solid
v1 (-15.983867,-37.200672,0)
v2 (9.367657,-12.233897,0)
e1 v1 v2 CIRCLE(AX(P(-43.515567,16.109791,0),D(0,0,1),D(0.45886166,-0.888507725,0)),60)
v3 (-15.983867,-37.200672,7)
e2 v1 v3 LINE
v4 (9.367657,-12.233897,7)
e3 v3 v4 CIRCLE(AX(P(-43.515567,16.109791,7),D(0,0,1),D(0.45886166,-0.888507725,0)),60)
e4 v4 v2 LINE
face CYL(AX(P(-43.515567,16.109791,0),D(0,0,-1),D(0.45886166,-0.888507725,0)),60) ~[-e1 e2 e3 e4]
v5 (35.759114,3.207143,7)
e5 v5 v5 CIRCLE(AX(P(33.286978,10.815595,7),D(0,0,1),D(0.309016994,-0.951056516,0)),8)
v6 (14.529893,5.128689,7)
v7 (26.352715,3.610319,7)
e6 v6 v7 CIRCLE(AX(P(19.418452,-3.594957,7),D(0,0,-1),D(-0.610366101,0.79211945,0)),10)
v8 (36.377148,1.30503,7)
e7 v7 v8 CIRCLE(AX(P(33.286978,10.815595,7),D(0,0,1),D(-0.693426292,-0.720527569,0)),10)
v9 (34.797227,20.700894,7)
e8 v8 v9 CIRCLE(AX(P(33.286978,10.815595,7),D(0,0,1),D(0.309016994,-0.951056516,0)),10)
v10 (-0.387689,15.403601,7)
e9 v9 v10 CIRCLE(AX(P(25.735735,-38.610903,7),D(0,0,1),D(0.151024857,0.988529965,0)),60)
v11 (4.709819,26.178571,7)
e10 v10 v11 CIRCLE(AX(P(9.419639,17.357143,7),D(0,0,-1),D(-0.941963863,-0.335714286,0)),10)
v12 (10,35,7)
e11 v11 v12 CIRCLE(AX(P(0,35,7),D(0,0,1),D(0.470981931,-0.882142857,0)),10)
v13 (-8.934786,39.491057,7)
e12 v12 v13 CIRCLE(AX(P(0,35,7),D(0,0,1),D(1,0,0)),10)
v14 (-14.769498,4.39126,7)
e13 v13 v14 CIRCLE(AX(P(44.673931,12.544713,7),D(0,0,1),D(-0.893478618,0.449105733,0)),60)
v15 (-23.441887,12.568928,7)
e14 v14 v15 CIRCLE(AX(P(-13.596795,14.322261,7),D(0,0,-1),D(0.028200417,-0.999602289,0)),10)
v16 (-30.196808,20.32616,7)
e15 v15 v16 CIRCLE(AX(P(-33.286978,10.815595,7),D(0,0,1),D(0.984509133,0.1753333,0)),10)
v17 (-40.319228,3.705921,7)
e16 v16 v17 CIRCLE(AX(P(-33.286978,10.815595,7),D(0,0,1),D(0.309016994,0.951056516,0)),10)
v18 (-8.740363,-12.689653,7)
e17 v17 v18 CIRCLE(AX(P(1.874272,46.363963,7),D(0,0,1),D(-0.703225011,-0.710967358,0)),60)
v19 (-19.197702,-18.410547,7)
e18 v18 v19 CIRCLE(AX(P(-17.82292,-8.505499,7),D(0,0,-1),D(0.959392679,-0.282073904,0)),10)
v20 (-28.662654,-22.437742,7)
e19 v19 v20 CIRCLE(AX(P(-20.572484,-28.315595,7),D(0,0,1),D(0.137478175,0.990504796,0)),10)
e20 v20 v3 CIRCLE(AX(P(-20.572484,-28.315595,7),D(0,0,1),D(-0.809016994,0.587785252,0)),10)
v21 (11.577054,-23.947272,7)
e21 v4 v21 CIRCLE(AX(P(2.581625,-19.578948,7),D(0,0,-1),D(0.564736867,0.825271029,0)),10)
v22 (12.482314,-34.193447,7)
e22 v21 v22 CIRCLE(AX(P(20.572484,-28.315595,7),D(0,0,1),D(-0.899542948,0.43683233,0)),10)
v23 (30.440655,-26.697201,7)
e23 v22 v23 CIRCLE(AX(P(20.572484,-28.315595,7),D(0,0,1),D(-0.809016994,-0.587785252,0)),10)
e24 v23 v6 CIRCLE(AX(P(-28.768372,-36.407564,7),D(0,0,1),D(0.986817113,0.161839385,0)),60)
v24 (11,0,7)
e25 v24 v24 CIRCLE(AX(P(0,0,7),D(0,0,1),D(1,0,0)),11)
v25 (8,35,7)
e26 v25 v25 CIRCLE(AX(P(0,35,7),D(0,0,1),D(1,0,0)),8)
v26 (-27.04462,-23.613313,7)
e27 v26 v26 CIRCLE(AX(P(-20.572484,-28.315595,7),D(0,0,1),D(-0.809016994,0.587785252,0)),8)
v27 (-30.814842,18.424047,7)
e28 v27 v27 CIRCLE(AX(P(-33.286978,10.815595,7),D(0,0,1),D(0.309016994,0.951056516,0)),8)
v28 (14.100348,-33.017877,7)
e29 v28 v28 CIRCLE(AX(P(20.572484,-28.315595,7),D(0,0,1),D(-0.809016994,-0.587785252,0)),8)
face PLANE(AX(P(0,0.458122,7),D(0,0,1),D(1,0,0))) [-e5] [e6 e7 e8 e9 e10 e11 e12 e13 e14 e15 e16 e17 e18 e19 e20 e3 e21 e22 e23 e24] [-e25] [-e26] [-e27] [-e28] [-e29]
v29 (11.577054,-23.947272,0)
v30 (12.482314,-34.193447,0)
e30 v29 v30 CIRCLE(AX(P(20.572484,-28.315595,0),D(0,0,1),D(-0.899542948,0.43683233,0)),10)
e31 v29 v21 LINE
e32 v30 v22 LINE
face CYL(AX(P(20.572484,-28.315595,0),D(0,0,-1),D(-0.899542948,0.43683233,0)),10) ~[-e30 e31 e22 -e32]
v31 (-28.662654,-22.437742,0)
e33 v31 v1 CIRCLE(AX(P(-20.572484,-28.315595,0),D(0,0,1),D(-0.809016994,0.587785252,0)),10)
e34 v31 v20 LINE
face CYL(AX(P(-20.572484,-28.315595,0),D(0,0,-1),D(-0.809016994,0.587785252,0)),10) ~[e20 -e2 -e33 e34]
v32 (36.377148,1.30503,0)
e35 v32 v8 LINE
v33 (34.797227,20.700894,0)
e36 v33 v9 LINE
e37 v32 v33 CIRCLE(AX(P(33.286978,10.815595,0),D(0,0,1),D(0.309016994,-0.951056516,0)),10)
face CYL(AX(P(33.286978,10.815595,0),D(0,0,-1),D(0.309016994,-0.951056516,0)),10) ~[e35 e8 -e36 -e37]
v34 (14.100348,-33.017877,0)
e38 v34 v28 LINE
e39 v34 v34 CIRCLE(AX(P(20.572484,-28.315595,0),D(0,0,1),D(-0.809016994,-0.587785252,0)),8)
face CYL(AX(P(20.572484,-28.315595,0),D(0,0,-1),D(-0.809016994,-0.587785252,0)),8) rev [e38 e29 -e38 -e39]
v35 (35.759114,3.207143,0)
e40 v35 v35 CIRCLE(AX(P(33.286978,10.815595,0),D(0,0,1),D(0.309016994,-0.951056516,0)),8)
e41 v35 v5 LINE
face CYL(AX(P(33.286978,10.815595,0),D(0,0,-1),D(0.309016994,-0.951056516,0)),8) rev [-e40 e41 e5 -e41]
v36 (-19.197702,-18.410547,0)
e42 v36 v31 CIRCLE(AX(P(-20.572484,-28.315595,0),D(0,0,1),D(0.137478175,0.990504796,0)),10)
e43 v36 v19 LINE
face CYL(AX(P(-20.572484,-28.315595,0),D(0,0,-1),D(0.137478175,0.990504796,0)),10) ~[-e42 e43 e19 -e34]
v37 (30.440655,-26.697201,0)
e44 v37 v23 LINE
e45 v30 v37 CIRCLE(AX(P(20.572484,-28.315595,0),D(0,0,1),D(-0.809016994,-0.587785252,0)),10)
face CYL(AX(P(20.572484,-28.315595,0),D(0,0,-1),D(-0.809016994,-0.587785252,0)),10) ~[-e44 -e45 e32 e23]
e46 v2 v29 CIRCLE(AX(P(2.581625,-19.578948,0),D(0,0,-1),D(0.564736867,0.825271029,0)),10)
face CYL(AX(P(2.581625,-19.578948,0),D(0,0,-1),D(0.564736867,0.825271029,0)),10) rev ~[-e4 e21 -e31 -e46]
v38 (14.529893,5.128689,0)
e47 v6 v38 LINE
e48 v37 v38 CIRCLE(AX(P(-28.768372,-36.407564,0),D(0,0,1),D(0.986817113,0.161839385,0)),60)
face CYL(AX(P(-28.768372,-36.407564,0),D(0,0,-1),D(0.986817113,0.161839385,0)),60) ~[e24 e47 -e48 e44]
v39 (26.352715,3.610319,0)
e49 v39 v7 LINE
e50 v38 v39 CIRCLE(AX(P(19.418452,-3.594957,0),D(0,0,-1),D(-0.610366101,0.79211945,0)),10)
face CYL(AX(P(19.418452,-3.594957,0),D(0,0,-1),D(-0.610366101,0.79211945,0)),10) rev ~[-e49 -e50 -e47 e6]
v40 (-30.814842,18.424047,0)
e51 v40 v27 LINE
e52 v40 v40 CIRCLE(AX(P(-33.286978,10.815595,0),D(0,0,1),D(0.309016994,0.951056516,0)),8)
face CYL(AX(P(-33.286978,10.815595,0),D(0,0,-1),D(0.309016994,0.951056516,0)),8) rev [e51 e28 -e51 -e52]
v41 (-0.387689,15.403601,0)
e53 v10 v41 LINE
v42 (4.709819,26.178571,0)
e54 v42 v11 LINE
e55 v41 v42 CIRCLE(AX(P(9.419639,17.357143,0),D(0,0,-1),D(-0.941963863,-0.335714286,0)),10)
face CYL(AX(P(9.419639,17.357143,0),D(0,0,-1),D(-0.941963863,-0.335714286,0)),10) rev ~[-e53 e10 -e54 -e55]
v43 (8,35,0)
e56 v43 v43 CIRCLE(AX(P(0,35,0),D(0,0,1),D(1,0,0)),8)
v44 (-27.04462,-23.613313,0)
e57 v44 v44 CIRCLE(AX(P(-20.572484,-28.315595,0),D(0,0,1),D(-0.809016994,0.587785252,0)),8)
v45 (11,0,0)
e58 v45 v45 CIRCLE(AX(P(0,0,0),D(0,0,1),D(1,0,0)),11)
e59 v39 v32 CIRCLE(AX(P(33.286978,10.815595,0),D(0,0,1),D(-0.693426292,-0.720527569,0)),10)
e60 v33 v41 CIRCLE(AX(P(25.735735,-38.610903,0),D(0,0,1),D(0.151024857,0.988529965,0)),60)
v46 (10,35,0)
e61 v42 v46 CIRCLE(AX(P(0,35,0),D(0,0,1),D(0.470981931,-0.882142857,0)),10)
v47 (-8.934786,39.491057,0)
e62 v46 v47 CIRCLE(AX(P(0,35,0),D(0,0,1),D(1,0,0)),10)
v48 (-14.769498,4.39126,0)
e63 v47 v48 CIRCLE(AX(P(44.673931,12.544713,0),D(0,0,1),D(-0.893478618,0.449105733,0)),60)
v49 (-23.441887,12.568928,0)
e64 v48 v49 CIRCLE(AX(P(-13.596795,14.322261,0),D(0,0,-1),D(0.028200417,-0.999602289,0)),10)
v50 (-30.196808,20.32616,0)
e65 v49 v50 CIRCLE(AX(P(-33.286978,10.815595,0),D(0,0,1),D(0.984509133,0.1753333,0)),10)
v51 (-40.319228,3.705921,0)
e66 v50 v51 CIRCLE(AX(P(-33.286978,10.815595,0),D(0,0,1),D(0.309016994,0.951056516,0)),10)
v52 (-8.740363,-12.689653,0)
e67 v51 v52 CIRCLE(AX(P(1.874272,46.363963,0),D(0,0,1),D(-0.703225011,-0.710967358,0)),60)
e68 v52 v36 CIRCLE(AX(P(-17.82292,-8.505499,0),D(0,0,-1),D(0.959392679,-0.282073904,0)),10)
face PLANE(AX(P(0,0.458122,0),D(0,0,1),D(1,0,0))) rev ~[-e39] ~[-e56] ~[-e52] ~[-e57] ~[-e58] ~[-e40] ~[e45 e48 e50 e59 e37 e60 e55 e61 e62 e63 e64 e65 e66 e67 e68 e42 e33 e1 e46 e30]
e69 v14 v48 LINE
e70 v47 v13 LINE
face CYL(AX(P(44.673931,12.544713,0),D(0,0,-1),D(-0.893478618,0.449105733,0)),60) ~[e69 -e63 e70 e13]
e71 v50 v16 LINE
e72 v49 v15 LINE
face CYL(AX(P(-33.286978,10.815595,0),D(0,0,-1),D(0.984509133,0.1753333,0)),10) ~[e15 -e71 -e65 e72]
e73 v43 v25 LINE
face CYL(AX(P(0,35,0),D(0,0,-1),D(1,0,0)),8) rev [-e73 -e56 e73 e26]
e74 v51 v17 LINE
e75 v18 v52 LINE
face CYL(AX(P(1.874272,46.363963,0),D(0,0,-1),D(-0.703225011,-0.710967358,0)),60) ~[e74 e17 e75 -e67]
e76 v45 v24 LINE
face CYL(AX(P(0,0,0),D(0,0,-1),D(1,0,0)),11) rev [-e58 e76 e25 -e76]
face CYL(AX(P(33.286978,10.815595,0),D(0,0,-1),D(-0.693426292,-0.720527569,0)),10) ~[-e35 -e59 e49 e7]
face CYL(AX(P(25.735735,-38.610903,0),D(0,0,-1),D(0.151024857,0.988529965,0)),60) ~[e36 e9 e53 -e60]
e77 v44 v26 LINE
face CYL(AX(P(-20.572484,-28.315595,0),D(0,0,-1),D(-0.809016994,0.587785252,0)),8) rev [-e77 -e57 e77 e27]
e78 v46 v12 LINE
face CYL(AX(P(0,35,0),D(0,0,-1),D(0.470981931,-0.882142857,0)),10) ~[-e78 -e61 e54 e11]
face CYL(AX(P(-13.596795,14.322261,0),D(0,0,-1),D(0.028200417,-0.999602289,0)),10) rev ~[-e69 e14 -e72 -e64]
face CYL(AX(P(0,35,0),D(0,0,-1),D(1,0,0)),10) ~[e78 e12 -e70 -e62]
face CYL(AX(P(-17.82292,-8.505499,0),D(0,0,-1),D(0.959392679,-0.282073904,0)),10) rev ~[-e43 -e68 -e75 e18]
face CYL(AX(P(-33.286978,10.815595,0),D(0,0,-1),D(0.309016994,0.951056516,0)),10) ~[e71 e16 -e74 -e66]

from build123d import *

# Parameters (mm, degrees)
F1_R     = 11
F1_R_2   = 8
F2_DEPTH = 7
F3_COUNT = 5


with BuildPart() as f2:
    # F1 (on Top) → F2 (new body)
    with BuildSketch(Plane.XY):
        with BuildLine():
            ThreePointArc((-14, 0), (0, -14), (14, 0))
            ThreePointArc((14, 0), (9.8994949366, 9.8994949366), (0, 14))
            ThreePointArc((0, 14), (-9.8994949366, 9.8994949366), (-14, 0))
        make_face()
        Circle(F1_R, mode=Mode.SUBTRACT)
        with BuildLine():
            ThreePointArc((-14, 0), (-9.8994949366, 9.8994949366), (0, 14))
            ThreePointArc((0, 14), (0.0928065847, 20.9641089066), (4.7098193128, 26.1785714286))
            ThreePointArc((4.7098193128, 26.1785714286), (-6.9834201124, 27.8423576834), (-8.9347861793, 39.4910573288))
            ThreePointArc((-8.9347861793, 39.4910573288), (-14.8385397391, 20.1779196855), (-14, 0))
        make_face()
        with BuildLine():
            ThreePointArc((-8.9347861793, 39.4910573288), (-6.9834201124, 27.8423576834), (4.7098193128, 26.1785714286))
            ThreePointArc((4.7098193128, 26.1785714286), (8.5760769915, 29.8569558201), (10, 35))
            ThreePointArc((10, 35), (2.307827789, 44.730052975), (-8.9347861793, 39.4910573288))
        make_face()
        with Locations((0, 35)):
            Circle(F1_R_2, mode=Mode.SUBTRACT)
    extrude(amount=F2_DEPTH)

    # F3: F2 ×5 about axis
    f3_axis = Axis((0, 0, 7), (0, 0, 1))


with BuildPart() as f2_1:
    add(f2.part)
    for i in range(1, F3_COUNT):
        add(f2.part.rotate(f3_axis, i * 360 / F3_COUNT))


solid = f2_1.part
